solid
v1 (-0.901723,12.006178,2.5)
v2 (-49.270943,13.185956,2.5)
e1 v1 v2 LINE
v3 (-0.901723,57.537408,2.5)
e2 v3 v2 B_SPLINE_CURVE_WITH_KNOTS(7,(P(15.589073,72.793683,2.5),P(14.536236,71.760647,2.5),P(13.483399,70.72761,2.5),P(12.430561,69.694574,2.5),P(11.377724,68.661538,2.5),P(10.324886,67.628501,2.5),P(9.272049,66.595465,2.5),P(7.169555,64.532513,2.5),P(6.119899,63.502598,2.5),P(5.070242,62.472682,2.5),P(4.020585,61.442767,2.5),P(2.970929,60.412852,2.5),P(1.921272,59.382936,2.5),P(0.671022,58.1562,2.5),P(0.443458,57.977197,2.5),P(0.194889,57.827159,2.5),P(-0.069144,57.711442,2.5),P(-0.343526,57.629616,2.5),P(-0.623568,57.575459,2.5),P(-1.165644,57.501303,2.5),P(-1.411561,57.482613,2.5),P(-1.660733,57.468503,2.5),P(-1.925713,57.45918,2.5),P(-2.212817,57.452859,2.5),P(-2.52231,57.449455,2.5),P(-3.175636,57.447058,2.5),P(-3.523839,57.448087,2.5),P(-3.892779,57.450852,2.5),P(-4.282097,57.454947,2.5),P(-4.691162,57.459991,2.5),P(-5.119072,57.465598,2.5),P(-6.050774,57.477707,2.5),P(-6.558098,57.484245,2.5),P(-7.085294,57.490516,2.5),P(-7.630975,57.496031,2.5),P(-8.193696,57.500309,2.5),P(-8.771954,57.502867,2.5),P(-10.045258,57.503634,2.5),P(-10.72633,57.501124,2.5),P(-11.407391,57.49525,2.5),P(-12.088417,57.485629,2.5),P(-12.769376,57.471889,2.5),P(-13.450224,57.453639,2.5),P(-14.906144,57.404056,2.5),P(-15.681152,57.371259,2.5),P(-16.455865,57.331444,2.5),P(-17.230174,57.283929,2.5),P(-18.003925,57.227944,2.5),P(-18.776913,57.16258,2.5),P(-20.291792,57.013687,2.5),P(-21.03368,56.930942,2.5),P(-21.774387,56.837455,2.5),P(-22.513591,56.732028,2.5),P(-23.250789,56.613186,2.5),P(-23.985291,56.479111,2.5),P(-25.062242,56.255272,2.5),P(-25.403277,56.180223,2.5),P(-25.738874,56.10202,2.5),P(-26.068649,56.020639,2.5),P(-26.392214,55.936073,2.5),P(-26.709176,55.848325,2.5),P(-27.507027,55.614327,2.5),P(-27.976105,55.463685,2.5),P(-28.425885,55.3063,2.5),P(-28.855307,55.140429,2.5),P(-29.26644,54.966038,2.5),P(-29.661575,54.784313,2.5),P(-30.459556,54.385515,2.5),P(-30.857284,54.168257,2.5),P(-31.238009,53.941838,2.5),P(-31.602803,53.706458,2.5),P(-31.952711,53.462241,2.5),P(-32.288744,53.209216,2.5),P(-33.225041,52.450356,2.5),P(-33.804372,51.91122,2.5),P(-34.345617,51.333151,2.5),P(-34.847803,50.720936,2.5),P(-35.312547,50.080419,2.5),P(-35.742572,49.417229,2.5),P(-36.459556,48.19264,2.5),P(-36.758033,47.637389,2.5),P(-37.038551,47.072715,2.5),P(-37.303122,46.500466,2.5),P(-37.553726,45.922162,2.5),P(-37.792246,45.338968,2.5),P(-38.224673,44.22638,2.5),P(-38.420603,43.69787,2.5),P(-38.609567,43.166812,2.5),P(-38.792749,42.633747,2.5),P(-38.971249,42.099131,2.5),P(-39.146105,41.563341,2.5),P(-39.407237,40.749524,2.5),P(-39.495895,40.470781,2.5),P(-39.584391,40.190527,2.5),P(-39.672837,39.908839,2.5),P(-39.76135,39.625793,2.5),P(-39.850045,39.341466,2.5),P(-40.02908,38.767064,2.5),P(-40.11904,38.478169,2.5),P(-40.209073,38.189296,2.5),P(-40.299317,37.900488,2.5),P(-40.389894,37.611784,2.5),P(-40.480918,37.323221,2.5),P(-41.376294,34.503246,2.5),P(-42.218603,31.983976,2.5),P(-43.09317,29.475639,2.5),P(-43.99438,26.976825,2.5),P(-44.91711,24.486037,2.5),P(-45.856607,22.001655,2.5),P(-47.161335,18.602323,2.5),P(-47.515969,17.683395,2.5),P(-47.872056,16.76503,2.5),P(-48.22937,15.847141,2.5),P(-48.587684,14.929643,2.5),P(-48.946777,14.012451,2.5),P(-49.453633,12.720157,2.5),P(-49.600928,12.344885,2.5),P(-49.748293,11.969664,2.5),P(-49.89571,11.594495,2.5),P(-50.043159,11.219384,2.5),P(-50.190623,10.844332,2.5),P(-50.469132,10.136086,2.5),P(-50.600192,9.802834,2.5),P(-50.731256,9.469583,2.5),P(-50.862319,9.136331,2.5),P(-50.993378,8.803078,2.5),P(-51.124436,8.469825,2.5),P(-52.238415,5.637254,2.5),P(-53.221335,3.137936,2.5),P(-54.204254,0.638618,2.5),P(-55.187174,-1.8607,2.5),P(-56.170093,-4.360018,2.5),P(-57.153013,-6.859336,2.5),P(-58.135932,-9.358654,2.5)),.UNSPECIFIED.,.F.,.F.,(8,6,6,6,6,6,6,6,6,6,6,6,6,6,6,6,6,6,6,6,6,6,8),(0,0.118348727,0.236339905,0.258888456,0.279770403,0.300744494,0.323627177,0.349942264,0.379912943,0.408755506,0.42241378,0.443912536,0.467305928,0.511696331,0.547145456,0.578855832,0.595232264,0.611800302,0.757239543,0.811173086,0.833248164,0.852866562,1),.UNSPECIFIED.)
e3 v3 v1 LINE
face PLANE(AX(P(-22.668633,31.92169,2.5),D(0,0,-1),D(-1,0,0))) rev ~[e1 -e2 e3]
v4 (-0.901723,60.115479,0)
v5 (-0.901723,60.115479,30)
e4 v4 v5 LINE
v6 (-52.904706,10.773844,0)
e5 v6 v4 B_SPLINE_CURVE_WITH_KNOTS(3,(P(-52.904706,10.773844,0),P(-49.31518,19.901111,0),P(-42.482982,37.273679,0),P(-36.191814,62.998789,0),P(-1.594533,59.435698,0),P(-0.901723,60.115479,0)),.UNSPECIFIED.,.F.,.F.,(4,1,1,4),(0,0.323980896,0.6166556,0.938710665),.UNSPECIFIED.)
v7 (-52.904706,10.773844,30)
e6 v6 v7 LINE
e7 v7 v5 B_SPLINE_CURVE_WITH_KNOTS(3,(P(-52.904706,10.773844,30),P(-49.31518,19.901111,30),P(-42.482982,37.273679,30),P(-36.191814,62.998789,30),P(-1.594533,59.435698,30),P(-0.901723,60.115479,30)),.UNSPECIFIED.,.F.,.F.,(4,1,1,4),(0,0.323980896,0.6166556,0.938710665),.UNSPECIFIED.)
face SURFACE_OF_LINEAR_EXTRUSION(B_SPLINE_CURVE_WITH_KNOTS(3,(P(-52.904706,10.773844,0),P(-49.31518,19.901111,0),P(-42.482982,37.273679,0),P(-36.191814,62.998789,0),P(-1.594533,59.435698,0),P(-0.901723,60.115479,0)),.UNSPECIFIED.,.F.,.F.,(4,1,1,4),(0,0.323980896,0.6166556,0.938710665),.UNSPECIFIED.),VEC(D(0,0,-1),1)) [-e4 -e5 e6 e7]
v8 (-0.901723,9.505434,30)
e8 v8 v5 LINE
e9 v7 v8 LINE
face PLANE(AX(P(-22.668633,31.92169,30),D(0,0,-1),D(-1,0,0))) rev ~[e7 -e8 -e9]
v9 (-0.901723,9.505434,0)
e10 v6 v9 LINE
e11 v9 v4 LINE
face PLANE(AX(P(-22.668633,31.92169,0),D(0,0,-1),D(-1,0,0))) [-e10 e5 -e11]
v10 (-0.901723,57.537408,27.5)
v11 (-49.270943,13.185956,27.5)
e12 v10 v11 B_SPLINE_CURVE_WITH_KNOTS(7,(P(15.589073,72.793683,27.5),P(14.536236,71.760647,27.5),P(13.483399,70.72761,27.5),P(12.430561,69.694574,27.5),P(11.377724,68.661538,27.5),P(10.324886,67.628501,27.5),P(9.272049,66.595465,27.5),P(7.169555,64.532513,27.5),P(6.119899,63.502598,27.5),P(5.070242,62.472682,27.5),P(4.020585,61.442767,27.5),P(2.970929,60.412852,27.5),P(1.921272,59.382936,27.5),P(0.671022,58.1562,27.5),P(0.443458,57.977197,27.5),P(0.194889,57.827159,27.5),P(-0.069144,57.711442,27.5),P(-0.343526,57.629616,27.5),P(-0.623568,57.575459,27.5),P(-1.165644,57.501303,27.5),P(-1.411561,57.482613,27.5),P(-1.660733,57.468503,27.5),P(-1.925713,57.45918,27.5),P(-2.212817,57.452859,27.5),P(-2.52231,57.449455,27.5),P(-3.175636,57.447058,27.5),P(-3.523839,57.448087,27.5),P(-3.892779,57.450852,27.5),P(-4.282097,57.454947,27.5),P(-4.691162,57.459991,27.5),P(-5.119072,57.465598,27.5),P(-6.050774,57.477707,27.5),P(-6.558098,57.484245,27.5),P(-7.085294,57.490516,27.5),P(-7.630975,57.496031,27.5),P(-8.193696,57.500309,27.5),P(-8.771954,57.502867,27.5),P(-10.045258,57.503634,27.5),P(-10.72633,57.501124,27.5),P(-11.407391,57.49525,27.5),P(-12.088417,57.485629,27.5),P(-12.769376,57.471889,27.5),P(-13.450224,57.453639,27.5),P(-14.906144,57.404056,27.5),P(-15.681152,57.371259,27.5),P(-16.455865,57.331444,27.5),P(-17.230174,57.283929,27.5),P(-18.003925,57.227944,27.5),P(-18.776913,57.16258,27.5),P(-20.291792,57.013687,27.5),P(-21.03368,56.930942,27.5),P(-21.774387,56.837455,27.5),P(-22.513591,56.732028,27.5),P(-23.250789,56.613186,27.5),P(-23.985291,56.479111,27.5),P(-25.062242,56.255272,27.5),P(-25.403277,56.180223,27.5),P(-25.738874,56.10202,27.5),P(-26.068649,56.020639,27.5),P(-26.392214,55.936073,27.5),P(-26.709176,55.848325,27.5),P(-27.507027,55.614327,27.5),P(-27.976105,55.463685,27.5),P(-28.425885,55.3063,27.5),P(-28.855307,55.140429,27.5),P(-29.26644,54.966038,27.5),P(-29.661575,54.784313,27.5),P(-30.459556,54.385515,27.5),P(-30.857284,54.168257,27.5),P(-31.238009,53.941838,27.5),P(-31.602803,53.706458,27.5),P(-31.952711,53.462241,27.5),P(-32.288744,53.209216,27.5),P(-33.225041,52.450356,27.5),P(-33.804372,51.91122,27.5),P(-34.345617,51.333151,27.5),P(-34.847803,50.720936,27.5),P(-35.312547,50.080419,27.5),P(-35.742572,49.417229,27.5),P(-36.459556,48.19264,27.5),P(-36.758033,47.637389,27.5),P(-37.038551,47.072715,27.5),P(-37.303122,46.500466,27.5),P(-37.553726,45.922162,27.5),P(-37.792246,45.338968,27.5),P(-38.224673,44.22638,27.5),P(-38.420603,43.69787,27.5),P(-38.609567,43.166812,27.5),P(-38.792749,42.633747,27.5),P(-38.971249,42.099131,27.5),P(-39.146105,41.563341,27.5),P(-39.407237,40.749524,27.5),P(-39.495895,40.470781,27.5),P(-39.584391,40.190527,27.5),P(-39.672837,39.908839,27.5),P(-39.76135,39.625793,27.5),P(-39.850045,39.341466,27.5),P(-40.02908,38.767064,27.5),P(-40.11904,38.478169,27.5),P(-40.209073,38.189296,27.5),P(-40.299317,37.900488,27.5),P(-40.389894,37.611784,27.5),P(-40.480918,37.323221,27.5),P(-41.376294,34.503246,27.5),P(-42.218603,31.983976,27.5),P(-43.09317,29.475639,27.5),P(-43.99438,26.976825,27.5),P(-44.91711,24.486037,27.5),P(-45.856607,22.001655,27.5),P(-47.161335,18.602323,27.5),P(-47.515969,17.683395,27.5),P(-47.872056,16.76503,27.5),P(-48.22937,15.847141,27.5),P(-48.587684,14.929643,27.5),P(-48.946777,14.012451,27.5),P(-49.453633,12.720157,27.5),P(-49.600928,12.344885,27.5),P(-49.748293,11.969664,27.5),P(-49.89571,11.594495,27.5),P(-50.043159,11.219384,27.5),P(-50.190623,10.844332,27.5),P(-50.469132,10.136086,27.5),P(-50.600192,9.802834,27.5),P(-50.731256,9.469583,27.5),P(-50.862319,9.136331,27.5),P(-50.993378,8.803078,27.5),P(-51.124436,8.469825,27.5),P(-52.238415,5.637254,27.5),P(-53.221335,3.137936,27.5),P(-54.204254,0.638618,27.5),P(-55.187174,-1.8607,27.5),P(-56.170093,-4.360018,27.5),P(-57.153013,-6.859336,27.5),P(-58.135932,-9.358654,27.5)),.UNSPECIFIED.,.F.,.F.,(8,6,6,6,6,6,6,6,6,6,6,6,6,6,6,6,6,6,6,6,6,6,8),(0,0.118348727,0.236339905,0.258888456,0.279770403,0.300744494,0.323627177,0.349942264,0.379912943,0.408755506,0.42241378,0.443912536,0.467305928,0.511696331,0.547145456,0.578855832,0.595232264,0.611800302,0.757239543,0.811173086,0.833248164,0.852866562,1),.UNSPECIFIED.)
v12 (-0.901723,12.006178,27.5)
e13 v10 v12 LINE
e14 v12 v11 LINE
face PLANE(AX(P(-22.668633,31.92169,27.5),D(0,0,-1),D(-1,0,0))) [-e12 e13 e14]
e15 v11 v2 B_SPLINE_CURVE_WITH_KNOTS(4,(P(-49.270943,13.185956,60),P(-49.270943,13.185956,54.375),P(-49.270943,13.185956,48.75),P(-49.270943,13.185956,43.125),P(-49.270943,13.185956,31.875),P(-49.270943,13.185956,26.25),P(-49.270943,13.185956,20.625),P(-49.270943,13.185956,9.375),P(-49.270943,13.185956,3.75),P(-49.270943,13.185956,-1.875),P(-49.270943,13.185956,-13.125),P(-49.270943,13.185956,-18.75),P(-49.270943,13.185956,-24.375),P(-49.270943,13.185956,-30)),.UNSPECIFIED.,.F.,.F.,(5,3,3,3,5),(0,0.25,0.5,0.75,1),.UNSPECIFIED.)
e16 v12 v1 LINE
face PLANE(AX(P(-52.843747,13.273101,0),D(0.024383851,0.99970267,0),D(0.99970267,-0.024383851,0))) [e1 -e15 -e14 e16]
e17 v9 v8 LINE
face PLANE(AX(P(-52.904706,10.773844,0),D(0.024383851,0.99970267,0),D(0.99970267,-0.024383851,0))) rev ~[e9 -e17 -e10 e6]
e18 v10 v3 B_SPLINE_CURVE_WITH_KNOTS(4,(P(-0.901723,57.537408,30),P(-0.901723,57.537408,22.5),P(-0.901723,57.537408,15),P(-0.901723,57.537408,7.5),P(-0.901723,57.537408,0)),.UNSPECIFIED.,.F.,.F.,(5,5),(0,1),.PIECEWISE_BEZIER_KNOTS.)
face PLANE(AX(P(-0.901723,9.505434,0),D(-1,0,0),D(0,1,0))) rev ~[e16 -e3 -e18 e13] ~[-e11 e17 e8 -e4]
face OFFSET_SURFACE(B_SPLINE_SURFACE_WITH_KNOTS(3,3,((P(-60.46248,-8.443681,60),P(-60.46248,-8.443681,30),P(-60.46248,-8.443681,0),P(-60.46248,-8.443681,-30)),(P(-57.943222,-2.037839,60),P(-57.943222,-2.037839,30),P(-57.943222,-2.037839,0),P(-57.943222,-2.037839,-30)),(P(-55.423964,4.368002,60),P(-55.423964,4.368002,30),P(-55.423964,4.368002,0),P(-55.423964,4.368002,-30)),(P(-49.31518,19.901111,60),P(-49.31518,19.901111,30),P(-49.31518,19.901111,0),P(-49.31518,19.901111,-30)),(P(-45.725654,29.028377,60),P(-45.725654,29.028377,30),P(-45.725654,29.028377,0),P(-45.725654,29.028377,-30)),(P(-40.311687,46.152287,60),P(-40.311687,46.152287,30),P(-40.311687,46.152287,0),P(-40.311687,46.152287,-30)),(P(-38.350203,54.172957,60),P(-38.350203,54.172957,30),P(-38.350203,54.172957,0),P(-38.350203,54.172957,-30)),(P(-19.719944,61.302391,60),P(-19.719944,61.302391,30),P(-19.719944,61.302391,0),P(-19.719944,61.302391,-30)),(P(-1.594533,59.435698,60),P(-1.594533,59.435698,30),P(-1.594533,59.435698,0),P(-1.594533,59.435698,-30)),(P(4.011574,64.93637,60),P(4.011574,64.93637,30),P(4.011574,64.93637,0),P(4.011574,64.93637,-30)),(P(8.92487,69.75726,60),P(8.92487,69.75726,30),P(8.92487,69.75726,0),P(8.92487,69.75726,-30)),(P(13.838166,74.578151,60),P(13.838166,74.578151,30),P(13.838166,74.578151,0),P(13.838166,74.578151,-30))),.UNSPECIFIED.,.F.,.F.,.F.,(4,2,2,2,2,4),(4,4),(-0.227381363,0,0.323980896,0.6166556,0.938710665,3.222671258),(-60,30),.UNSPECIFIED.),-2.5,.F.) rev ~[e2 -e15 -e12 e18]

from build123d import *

# Parameters (mm, degrees)
F1_DEPTH = 30
F2_T     = -2.5


with BuildPart() as f1:
    # F0 (on Top) → F1 (new body)
    with BuildSketch(Plane.XY):
        with BuildLine():
            add(Edge.make_bspline(
                [(-52.9047064483, 10.7738440856), (-49.3151800836, 19.9011107355), (-42.4829823767, 37.2736785727), (-36.1918142658, 62.9987887901), (-1.5945333662, 59.435698275), (-0.9017228149, 60.1154789329)],
                knots=[0, 0, 0, 0, 0.323980896, 0.6166556002, 0.9387106654, 0.9387106654, 0.9387106654, 0.9387106654], degree=3))
            Line((-52.9047064483, 10.7738440856), (-0.9017228149, 9.5054339617))
            Line((-0.9017228149, 9.5054339617), (-0.9017228149, 60.1154789329))
        make_face()
    extrude(amount=F1_DEPTH)

    # F2
    f2_openings = [f1.faces().sort_by_distance(p)[0] for p in [
        (-0.901723, 34.810456, 15),
    ]]
    offset(amount=F2_T, openings=f2_openings, kind=Kind.INTERSECTION)


solid = f1.part
